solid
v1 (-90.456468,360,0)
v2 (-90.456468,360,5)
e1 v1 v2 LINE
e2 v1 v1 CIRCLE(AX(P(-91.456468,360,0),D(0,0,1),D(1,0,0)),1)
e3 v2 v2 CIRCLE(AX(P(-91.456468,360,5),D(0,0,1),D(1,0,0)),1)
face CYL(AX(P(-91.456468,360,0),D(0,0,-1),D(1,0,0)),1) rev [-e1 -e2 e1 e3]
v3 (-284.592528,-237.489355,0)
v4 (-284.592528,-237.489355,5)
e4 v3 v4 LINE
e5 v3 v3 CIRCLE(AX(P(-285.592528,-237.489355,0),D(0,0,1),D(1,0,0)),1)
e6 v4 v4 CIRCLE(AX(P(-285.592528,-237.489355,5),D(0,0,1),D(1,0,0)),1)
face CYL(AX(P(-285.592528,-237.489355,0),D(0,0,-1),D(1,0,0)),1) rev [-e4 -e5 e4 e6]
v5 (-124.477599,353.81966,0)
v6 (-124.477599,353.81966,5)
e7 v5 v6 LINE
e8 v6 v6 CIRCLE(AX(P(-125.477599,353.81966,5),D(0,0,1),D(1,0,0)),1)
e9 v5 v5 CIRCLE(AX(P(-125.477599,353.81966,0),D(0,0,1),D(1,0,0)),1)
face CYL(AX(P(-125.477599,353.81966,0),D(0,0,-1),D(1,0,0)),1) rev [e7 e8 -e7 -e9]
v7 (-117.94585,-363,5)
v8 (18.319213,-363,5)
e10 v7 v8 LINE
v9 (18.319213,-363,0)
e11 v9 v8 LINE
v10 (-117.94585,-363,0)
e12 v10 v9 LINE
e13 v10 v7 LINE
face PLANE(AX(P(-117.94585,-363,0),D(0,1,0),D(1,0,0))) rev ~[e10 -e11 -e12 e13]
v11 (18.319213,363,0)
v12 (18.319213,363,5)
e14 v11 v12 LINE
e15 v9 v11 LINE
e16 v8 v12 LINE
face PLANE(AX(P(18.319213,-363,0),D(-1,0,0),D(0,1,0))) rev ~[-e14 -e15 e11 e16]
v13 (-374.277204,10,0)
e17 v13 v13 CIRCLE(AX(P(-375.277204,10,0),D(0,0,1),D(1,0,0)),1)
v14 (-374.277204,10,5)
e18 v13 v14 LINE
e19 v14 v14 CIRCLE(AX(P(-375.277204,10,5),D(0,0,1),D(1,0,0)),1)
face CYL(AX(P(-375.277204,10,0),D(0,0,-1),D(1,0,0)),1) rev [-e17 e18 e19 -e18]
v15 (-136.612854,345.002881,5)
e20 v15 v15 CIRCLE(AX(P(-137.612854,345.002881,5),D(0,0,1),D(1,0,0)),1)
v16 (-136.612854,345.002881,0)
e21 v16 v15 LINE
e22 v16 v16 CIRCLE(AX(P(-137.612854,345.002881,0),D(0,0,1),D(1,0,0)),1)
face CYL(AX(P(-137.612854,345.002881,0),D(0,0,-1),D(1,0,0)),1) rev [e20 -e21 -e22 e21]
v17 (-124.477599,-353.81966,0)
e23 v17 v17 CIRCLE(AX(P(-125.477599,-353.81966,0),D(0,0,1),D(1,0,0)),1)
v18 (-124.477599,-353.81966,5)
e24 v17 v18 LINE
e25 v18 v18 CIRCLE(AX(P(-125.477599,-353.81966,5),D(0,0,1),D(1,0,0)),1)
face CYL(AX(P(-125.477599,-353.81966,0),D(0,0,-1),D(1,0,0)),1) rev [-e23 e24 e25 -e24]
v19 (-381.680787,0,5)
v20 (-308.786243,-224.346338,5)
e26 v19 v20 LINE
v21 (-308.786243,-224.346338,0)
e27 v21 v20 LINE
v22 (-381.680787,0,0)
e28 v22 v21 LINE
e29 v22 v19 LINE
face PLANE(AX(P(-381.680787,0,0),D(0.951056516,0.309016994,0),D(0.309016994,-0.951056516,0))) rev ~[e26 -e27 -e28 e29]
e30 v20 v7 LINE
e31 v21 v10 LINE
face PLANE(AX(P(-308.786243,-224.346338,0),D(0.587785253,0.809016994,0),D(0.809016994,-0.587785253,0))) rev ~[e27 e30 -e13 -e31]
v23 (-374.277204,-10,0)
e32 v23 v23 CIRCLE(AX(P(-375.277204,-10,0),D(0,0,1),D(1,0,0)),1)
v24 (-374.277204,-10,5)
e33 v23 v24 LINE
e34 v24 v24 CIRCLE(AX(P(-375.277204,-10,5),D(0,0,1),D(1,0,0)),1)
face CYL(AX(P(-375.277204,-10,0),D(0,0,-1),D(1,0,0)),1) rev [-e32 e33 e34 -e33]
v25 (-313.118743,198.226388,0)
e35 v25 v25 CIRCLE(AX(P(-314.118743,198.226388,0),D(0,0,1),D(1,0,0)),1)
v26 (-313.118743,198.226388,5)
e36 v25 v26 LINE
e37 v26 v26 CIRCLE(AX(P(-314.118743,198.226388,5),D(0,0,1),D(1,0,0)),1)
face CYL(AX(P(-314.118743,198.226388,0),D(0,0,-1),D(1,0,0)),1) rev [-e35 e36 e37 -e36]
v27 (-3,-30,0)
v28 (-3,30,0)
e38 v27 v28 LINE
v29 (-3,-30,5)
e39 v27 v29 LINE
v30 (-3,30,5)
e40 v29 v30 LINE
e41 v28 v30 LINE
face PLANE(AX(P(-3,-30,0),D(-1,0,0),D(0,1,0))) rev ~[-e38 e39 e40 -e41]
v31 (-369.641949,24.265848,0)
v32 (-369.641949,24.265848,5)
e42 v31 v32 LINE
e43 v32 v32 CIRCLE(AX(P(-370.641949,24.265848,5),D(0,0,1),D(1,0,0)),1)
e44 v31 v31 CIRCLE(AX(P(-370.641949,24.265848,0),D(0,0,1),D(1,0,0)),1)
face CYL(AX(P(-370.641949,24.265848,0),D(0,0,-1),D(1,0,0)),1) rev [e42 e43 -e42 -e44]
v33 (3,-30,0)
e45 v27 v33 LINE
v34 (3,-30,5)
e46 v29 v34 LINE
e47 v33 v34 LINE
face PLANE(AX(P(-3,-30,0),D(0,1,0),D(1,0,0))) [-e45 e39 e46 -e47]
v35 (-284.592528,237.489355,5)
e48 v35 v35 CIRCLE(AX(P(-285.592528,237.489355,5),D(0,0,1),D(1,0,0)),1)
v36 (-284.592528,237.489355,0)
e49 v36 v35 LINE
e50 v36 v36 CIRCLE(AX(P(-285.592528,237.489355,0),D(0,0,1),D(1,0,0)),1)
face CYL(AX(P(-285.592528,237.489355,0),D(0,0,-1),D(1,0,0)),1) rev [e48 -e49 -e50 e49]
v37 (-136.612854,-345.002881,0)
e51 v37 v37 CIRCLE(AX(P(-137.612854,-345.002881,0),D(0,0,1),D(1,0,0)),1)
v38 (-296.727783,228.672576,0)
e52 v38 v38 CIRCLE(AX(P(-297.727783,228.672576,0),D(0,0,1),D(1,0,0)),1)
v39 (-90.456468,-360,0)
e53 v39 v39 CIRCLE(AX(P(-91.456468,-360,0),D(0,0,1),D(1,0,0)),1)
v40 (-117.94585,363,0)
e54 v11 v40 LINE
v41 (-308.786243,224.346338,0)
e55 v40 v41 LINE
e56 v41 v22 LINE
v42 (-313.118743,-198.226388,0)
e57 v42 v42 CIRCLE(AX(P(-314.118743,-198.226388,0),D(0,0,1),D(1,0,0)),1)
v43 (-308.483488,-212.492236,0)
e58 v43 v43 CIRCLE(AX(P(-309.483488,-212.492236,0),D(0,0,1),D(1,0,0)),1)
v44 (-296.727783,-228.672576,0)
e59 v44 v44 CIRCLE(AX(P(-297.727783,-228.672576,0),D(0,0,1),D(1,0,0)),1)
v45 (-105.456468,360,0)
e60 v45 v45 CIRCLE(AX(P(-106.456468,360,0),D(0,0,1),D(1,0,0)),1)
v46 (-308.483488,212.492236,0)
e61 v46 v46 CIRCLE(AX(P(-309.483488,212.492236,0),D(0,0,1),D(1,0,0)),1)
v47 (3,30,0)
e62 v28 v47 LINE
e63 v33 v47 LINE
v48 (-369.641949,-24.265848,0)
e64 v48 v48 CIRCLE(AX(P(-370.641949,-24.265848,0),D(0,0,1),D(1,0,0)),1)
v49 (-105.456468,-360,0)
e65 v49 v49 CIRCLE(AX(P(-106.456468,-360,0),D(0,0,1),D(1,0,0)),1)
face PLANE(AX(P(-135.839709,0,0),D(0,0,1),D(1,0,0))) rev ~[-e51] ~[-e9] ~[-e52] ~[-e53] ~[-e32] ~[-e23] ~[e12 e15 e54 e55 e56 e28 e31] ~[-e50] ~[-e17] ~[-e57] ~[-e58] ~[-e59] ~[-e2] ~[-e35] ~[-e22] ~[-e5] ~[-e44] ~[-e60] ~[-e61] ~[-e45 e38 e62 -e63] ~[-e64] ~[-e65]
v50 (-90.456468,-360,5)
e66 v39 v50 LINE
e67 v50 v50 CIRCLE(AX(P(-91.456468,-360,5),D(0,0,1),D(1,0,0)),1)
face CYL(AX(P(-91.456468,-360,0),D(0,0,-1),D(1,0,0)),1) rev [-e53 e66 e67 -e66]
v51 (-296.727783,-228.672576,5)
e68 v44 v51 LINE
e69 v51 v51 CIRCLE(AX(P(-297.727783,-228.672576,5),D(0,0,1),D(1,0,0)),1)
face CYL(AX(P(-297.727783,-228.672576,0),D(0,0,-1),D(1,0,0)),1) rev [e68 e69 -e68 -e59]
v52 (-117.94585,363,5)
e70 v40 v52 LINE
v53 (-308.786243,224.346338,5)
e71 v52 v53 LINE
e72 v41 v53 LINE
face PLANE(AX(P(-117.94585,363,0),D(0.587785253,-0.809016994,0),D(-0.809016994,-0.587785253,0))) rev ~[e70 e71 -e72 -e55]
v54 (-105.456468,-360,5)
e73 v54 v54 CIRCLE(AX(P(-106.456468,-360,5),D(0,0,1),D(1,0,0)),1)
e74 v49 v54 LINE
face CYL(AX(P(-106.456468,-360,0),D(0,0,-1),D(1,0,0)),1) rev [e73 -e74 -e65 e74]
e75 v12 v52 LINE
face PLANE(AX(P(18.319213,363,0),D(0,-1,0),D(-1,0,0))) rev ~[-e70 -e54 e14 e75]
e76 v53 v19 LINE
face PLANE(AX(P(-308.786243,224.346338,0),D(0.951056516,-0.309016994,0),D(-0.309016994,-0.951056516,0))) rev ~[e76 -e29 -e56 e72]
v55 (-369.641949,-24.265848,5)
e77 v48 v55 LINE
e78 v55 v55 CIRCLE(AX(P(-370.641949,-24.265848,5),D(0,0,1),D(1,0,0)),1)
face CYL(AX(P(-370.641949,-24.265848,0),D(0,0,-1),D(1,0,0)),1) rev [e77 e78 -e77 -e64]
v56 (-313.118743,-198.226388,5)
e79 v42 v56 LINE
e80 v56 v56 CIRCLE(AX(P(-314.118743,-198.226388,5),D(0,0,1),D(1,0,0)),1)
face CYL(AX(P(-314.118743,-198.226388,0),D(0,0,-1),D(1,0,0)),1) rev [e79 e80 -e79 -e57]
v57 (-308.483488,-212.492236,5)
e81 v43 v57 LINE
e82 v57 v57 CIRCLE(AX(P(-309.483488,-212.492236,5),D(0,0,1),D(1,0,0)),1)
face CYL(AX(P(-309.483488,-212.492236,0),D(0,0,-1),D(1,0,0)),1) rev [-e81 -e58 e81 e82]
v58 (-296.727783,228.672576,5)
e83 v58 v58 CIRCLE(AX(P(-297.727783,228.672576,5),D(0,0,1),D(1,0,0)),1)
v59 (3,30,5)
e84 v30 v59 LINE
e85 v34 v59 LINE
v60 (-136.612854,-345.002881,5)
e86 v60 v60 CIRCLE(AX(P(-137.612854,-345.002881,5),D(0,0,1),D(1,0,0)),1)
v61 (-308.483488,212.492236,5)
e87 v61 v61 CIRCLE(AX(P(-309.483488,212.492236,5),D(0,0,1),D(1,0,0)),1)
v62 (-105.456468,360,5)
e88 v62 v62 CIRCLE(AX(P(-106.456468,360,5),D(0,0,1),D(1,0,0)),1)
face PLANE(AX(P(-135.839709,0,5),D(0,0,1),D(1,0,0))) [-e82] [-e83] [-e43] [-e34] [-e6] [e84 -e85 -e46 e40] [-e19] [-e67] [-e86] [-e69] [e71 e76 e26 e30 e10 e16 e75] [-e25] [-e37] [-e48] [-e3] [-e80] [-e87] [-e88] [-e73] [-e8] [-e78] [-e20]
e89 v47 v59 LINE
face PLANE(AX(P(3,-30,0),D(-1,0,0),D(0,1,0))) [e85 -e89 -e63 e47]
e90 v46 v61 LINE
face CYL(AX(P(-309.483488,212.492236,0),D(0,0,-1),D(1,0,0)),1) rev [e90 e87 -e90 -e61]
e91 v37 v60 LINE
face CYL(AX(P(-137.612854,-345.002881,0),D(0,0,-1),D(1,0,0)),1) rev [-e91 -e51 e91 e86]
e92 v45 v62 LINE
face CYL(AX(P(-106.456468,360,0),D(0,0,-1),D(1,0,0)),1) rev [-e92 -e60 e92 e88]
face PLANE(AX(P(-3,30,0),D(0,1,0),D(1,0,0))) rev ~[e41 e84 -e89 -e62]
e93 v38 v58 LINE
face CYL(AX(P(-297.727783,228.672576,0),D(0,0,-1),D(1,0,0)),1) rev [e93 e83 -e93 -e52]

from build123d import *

# Parameters (mm, degrees)
F0_R     = 1
F0_W     = 6
F0_H     = 60
F1_DEPTH = 5


with BuildPart() as f1:
    # F0 (on Top) → F1 (new body)
    with BuildSketch(Plane.XY):
        Polygon((-117.94585, -363), (18.319213, -363), (18.319213, 363), (-117.94585, 363), (-308.786243, 224.346338), (-381.680787, 0), (-308.786243, -224.346338), align=None)
        with Locations((-297.727783, -228.672576)):
            Circle(F0_R, mode=Mode.SUBTRACT)
        with Locations((-285.592528, -237.489355)):
            Circle(F0_R, mode=Mode.SUBTRACT)
        with Locations((-309.483488, -212.492236)):
            Circle(F0_R, mode=Mode.SUBTRACT)
        with Locations((-314.118743, -198.226388)):
            Circle(F0_R, mode=Mode.SUBTRACT)
        with Locations((-370.641949, -24.265848)):
            Circle(F0_R, mode=Mode.SUBTRACT)
        with Locations((-375.277204, -10)):
            Circle(F0_R, mode=Mode.SUBTRACT)
        with Locations((-137.612854, -345.002881)):
            Circle(F0_R, mode=Mode.SUBTRACT)
        with Locations((-125.477599, -353.81966)):
            Circle(F0_R, mode=Mode.SUBTRACT)
        with Locations((-106.456468, -360)):
            Circle(F0_R, mode=Mode.SUBTRACT)
        with Locations((-91.456468, -360)):
            Circle(F0_R, mode=Mode.SUBTRACT)
        with Locations((-375.277204, 10)):
            Circle(F0_R, mode=Mode.SUBTRACT)
        with Locations((-370.641949, 24.265848)):
            Circle(F0_R, mode=Mode.SUBTRACT)
        with Locations((-314.118743, 198.226388)):
            Circle(F0_R, mode=Mode.SUBTRACT)
        with Locations((-309.483488, 212.492236)):
            Circle(F0_R, mode=Mode.SUBTRACT)
        with Locations((-297.727783, 228.672576)):
            Circle(F0_R, mode=Mode.SUBTRACT)
        with Locations((-285.592528, 237.489355)):
            Circle(F0_R, mode=Mode.SUBTRACT)
        Rectangle(F0_W, F0_H, mode=Mode.SUBTRACT)
        with Locations((-137.612854, 345.002881)):
            Circle(F0_R, mode=Mode.SUBTRACT)
        with Locations((-125.477599, 353.81966)):
            Circle(F0_R, mode=Mode.SUBTRACT)
        with Locations((-106.456468, 360)):
            Circle(F0_R, mode=Mode.SUBTRACT)
        with Locations((-91.456468, 360)):
            Circle(F0_R, mode=Mode.SUBTRACT)
    extrude(amount=F1_DEPTH)


solid = f1.part
